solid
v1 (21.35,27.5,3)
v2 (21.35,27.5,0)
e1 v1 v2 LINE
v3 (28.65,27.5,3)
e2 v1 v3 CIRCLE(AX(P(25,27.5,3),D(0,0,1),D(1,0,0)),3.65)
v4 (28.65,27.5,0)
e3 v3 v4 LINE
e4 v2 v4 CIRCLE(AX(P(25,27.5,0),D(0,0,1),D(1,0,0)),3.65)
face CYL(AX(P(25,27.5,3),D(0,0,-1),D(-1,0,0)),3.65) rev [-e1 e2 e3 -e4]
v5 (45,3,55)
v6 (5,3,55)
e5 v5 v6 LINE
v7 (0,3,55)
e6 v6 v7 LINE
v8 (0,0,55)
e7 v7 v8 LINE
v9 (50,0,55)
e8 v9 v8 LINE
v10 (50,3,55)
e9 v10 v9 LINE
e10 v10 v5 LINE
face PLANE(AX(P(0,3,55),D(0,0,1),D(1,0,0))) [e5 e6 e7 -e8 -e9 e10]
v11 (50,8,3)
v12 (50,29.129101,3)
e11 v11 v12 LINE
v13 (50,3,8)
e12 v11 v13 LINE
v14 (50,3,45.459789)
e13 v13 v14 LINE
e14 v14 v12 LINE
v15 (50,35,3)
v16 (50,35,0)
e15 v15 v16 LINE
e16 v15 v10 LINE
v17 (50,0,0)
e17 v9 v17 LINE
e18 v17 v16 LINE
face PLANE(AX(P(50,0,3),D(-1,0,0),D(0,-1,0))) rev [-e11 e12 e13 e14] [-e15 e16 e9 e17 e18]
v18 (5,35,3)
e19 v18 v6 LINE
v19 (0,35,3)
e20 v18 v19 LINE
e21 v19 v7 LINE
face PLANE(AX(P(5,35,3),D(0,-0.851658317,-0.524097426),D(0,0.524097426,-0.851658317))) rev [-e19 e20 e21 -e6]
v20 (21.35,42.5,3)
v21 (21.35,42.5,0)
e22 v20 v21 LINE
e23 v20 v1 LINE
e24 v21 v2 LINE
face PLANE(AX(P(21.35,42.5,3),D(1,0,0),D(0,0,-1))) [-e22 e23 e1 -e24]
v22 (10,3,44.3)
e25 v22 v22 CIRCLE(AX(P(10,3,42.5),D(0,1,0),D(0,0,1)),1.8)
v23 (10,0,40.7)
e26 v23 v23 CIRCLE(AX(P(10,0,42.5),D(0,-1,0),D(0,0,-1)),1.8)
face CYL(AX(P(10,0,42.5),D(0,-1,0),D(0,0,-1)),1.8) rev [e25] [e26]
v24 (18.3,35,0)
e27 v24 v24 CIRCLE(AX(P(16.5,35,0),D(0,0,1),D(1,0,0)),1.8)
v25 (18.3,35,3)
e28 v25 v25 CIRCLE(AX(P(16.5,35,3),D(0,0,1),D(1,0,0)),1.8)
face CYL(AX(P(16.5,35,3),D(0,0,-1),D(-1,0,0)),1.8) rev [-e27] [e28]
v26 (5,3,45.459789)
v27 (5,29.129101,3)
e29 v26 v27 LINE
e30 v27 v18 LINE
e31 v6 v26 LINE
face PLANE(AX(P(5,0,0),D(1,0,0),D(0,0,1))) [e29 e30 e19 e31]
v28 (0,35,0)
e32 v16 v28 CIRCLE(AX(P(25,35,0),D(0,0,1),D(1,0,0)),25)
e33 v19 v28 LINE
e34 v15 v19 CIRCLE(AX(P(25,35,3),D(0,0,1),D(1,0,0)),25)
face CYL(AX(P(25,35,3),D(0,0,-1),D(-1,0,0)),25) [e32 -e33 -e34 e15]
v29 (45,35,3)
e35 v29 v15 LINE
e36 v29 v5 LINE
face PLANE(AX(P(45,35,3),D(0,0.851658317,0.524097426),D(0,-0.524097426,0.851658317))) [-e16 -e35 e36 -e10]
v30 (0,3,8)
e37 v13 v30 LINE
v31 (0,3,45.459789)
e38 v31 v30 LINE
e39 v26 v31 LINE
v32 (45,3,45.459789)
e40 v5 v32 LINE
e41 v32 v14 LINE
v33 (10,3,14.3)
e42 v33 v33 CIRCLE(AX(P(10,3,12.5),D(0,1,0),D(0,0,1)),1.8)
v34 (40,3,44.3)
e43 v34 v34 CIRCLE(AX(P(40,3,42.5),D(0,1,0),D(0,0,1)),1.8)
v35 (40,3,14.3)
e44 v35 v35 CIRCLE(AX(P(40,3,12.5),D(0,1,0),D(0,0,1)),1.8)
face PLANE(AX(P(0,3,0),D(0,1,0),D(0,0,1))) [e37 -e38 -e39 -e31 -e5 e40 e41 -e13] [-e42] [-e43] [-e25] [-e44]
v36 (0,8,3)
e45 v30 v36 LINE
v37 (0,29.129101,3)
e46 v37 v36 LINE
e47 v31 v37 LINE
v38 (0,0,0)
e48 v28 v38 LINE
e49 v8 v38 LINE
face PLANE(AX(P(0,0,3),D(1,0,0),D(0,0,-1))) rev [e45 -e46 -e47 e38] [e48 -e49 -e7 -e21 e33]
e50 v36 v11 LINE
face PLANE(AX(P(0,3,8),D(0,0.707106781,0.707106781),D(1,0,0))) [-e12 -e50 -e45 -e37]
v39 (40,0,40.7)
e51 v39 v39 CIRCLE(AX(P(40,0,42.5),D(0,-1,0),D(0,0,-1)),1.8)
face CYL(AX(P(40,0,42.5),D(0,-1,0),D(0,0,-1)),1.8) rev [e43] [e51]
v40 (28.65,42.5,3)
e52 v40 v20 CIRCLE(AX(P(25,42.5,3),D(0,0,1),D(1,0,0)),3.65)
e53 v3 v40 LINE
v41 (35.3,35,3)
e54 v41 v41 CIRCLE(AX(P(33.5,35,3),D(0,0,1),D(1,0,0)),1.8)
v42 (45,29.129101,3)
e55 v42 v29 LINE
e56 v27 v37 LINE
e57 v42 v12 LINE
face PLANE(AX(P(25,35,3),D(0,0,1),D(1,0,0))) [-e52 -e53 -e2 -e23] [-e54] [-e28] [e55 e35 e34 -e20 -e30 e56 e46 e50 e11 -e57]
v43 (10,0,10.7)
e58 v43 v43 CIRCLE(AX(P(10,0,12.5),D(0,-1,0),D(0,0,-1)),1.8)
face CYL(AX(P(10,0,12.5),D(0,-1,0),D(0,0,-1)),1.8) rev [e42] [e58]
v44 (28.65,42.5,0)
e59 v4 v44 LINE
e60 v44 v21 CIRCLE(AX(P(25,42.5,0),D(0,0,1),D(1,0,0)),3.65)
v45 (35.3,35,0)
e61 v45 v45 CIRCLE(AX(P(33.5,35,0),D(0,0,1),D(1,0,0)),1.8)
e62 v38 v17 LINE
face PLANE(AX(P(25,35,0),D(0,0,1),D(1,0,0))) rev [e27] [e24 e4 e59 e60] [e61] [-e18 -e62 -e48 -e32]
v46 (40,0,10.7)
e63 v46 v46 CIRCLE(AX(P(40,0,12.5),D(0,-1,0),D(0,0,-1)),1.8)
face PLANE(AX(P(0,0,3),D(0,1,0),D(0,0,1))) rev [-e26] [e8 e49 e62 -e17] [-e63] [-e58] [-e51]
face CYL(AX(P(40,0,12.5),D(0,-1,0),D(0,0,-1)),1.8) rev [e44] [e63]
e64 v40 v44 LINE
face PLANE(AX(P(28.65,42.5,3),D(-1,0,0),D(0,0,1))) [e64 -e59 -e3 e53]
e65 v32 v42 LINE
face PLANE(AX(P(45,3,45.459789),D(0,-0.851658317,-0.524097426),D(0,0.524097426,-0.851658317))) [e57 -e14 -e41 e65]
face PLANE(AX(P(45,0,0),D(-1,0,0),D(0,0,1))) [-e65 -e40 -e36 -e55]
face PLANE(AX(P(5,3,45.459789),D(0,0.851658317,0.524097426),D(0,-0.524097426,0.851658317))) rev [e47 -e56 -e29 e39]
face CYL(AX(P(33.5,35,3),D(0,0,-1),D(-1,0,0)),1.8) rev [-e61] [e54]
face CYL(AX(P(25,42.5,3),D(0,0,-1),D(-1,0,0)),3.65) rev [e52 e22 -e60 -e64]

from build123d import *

# Parameters (mm, degrees)
SKETCH5_R                            = 1.8
BOSS_EXTRUDE2_DEPTH                  = 3
SKETCH6_W                            = 50
SKETCH6_H                            = 55
BOSS_EXTRUDE3_DEPTH                  = 3
M3_3_6MM_D                           = 3.6
MIRROR1_AT_THE_SECOND_PLANE_COPY_1_D = 3.6
BOSS_EXTRUDE4_DEPTH                  = 5
CHAMFER1_SIZE                        = 5


with BuildPart() as part:
    # Sketch5 → Boss-Extrude2 (new body)
    with BuildSketch(Plane.XY):
        with BuildLine():
            Line((0, 0), (0, 35))
            ThreePointArc((0, 35), (25, 60), (50, 35))
            Line((50, 35), (50, 0))
            Line((50, 0), (0, 0))
        make_face()
        with Locations((16.5, 35)):
            Circle(SKETCH5_R, mode=Mode.SUBTRACT)
        with Locations((33.5, 35)):
            Circle(SKETCH5_R, mode=Mode.SUBTRACT)
        with BuildLine():
            Line((28.65, 42.5), (28.65, 27.5))
            ThreePointArc((28.65, 27.5), (25, 23.85), (21.35, 27.5))
            Line((21.35, 27.5), (21.35, 42.5))
            ThreePointArc((21.35, 42.5), (25, 46.15), (28.65, 42.5))
        make_face(mode=Mode.SUBTRACT)
    extrude(amount=BOSS_EXTRUDE2_DEPTH)

    # Sketch6 → Boss-Extrude3 (add)
    with BuildSketch(Plane.XZ):
        with Locations((25, 27.5)):
            Rectangle(SKETCH6_W, SKETCH6_H)
    extrude(amount=-BOSS_EXTRUDE3_DEPTH)

    # M3, 3.6mm (through all)
    with Locations(Plane.XZ):
        with Locations((10, 42.5)):
            m3_3_6mm = Hole(M3_3_6MM_D / 2)

    # Mirror1: M3, 3.6mm across plane
    add(m3_3_6mm.mirror(Plane.ZY.offset(-25)), mode=Mode.SUBTRACT)

    # Mirror1 at the second plane: M3, 3.6mm across plane
    add(m3_3_6mm.mirror(Plane.XY.offset(27.5)), mode=Mode.SUBTRACT)

    # Mirror1 at the second plane copy 1 (through all)
    with Locations(Plane(origin=(50, 0, 55), x_dir=(-1, 0, 0), z_dir=(0, -1, 0))):
        with Locations((10, 42.5)):
            Hole(MIRROR1_AT_THE_SECOND_PLANE_COPY_1_D / 2)

    # Sketch10 → Boss-Extrude4 (add)
    with BuildSketch(Plane(origin=(50, 0, 0), x_dir=(0, 0, -1), z_dir=(1, 0, 0))):
        Polygon((-3, 35), (-55, 3), (-45.459789048, 3), (-3, 29.129100953), align=None)
    boss_extrude4 = extrude(amount=-BOSS_EXTRUDE4_DEPTH)

    # Mirror2: Boss-Extrude4 across plane
    add(boss_extrude4.mirror(Plane.ZY.offset(-25)))

    # Chamfer1
    chamfer1_edges = [part.edges().sort_by_distance(p)[0] for p in [
        (25, 3, 3),
    ]]
    chamfer(chamfer1_edges, length=CHAMFER1_SIZE)


solid = part.part
